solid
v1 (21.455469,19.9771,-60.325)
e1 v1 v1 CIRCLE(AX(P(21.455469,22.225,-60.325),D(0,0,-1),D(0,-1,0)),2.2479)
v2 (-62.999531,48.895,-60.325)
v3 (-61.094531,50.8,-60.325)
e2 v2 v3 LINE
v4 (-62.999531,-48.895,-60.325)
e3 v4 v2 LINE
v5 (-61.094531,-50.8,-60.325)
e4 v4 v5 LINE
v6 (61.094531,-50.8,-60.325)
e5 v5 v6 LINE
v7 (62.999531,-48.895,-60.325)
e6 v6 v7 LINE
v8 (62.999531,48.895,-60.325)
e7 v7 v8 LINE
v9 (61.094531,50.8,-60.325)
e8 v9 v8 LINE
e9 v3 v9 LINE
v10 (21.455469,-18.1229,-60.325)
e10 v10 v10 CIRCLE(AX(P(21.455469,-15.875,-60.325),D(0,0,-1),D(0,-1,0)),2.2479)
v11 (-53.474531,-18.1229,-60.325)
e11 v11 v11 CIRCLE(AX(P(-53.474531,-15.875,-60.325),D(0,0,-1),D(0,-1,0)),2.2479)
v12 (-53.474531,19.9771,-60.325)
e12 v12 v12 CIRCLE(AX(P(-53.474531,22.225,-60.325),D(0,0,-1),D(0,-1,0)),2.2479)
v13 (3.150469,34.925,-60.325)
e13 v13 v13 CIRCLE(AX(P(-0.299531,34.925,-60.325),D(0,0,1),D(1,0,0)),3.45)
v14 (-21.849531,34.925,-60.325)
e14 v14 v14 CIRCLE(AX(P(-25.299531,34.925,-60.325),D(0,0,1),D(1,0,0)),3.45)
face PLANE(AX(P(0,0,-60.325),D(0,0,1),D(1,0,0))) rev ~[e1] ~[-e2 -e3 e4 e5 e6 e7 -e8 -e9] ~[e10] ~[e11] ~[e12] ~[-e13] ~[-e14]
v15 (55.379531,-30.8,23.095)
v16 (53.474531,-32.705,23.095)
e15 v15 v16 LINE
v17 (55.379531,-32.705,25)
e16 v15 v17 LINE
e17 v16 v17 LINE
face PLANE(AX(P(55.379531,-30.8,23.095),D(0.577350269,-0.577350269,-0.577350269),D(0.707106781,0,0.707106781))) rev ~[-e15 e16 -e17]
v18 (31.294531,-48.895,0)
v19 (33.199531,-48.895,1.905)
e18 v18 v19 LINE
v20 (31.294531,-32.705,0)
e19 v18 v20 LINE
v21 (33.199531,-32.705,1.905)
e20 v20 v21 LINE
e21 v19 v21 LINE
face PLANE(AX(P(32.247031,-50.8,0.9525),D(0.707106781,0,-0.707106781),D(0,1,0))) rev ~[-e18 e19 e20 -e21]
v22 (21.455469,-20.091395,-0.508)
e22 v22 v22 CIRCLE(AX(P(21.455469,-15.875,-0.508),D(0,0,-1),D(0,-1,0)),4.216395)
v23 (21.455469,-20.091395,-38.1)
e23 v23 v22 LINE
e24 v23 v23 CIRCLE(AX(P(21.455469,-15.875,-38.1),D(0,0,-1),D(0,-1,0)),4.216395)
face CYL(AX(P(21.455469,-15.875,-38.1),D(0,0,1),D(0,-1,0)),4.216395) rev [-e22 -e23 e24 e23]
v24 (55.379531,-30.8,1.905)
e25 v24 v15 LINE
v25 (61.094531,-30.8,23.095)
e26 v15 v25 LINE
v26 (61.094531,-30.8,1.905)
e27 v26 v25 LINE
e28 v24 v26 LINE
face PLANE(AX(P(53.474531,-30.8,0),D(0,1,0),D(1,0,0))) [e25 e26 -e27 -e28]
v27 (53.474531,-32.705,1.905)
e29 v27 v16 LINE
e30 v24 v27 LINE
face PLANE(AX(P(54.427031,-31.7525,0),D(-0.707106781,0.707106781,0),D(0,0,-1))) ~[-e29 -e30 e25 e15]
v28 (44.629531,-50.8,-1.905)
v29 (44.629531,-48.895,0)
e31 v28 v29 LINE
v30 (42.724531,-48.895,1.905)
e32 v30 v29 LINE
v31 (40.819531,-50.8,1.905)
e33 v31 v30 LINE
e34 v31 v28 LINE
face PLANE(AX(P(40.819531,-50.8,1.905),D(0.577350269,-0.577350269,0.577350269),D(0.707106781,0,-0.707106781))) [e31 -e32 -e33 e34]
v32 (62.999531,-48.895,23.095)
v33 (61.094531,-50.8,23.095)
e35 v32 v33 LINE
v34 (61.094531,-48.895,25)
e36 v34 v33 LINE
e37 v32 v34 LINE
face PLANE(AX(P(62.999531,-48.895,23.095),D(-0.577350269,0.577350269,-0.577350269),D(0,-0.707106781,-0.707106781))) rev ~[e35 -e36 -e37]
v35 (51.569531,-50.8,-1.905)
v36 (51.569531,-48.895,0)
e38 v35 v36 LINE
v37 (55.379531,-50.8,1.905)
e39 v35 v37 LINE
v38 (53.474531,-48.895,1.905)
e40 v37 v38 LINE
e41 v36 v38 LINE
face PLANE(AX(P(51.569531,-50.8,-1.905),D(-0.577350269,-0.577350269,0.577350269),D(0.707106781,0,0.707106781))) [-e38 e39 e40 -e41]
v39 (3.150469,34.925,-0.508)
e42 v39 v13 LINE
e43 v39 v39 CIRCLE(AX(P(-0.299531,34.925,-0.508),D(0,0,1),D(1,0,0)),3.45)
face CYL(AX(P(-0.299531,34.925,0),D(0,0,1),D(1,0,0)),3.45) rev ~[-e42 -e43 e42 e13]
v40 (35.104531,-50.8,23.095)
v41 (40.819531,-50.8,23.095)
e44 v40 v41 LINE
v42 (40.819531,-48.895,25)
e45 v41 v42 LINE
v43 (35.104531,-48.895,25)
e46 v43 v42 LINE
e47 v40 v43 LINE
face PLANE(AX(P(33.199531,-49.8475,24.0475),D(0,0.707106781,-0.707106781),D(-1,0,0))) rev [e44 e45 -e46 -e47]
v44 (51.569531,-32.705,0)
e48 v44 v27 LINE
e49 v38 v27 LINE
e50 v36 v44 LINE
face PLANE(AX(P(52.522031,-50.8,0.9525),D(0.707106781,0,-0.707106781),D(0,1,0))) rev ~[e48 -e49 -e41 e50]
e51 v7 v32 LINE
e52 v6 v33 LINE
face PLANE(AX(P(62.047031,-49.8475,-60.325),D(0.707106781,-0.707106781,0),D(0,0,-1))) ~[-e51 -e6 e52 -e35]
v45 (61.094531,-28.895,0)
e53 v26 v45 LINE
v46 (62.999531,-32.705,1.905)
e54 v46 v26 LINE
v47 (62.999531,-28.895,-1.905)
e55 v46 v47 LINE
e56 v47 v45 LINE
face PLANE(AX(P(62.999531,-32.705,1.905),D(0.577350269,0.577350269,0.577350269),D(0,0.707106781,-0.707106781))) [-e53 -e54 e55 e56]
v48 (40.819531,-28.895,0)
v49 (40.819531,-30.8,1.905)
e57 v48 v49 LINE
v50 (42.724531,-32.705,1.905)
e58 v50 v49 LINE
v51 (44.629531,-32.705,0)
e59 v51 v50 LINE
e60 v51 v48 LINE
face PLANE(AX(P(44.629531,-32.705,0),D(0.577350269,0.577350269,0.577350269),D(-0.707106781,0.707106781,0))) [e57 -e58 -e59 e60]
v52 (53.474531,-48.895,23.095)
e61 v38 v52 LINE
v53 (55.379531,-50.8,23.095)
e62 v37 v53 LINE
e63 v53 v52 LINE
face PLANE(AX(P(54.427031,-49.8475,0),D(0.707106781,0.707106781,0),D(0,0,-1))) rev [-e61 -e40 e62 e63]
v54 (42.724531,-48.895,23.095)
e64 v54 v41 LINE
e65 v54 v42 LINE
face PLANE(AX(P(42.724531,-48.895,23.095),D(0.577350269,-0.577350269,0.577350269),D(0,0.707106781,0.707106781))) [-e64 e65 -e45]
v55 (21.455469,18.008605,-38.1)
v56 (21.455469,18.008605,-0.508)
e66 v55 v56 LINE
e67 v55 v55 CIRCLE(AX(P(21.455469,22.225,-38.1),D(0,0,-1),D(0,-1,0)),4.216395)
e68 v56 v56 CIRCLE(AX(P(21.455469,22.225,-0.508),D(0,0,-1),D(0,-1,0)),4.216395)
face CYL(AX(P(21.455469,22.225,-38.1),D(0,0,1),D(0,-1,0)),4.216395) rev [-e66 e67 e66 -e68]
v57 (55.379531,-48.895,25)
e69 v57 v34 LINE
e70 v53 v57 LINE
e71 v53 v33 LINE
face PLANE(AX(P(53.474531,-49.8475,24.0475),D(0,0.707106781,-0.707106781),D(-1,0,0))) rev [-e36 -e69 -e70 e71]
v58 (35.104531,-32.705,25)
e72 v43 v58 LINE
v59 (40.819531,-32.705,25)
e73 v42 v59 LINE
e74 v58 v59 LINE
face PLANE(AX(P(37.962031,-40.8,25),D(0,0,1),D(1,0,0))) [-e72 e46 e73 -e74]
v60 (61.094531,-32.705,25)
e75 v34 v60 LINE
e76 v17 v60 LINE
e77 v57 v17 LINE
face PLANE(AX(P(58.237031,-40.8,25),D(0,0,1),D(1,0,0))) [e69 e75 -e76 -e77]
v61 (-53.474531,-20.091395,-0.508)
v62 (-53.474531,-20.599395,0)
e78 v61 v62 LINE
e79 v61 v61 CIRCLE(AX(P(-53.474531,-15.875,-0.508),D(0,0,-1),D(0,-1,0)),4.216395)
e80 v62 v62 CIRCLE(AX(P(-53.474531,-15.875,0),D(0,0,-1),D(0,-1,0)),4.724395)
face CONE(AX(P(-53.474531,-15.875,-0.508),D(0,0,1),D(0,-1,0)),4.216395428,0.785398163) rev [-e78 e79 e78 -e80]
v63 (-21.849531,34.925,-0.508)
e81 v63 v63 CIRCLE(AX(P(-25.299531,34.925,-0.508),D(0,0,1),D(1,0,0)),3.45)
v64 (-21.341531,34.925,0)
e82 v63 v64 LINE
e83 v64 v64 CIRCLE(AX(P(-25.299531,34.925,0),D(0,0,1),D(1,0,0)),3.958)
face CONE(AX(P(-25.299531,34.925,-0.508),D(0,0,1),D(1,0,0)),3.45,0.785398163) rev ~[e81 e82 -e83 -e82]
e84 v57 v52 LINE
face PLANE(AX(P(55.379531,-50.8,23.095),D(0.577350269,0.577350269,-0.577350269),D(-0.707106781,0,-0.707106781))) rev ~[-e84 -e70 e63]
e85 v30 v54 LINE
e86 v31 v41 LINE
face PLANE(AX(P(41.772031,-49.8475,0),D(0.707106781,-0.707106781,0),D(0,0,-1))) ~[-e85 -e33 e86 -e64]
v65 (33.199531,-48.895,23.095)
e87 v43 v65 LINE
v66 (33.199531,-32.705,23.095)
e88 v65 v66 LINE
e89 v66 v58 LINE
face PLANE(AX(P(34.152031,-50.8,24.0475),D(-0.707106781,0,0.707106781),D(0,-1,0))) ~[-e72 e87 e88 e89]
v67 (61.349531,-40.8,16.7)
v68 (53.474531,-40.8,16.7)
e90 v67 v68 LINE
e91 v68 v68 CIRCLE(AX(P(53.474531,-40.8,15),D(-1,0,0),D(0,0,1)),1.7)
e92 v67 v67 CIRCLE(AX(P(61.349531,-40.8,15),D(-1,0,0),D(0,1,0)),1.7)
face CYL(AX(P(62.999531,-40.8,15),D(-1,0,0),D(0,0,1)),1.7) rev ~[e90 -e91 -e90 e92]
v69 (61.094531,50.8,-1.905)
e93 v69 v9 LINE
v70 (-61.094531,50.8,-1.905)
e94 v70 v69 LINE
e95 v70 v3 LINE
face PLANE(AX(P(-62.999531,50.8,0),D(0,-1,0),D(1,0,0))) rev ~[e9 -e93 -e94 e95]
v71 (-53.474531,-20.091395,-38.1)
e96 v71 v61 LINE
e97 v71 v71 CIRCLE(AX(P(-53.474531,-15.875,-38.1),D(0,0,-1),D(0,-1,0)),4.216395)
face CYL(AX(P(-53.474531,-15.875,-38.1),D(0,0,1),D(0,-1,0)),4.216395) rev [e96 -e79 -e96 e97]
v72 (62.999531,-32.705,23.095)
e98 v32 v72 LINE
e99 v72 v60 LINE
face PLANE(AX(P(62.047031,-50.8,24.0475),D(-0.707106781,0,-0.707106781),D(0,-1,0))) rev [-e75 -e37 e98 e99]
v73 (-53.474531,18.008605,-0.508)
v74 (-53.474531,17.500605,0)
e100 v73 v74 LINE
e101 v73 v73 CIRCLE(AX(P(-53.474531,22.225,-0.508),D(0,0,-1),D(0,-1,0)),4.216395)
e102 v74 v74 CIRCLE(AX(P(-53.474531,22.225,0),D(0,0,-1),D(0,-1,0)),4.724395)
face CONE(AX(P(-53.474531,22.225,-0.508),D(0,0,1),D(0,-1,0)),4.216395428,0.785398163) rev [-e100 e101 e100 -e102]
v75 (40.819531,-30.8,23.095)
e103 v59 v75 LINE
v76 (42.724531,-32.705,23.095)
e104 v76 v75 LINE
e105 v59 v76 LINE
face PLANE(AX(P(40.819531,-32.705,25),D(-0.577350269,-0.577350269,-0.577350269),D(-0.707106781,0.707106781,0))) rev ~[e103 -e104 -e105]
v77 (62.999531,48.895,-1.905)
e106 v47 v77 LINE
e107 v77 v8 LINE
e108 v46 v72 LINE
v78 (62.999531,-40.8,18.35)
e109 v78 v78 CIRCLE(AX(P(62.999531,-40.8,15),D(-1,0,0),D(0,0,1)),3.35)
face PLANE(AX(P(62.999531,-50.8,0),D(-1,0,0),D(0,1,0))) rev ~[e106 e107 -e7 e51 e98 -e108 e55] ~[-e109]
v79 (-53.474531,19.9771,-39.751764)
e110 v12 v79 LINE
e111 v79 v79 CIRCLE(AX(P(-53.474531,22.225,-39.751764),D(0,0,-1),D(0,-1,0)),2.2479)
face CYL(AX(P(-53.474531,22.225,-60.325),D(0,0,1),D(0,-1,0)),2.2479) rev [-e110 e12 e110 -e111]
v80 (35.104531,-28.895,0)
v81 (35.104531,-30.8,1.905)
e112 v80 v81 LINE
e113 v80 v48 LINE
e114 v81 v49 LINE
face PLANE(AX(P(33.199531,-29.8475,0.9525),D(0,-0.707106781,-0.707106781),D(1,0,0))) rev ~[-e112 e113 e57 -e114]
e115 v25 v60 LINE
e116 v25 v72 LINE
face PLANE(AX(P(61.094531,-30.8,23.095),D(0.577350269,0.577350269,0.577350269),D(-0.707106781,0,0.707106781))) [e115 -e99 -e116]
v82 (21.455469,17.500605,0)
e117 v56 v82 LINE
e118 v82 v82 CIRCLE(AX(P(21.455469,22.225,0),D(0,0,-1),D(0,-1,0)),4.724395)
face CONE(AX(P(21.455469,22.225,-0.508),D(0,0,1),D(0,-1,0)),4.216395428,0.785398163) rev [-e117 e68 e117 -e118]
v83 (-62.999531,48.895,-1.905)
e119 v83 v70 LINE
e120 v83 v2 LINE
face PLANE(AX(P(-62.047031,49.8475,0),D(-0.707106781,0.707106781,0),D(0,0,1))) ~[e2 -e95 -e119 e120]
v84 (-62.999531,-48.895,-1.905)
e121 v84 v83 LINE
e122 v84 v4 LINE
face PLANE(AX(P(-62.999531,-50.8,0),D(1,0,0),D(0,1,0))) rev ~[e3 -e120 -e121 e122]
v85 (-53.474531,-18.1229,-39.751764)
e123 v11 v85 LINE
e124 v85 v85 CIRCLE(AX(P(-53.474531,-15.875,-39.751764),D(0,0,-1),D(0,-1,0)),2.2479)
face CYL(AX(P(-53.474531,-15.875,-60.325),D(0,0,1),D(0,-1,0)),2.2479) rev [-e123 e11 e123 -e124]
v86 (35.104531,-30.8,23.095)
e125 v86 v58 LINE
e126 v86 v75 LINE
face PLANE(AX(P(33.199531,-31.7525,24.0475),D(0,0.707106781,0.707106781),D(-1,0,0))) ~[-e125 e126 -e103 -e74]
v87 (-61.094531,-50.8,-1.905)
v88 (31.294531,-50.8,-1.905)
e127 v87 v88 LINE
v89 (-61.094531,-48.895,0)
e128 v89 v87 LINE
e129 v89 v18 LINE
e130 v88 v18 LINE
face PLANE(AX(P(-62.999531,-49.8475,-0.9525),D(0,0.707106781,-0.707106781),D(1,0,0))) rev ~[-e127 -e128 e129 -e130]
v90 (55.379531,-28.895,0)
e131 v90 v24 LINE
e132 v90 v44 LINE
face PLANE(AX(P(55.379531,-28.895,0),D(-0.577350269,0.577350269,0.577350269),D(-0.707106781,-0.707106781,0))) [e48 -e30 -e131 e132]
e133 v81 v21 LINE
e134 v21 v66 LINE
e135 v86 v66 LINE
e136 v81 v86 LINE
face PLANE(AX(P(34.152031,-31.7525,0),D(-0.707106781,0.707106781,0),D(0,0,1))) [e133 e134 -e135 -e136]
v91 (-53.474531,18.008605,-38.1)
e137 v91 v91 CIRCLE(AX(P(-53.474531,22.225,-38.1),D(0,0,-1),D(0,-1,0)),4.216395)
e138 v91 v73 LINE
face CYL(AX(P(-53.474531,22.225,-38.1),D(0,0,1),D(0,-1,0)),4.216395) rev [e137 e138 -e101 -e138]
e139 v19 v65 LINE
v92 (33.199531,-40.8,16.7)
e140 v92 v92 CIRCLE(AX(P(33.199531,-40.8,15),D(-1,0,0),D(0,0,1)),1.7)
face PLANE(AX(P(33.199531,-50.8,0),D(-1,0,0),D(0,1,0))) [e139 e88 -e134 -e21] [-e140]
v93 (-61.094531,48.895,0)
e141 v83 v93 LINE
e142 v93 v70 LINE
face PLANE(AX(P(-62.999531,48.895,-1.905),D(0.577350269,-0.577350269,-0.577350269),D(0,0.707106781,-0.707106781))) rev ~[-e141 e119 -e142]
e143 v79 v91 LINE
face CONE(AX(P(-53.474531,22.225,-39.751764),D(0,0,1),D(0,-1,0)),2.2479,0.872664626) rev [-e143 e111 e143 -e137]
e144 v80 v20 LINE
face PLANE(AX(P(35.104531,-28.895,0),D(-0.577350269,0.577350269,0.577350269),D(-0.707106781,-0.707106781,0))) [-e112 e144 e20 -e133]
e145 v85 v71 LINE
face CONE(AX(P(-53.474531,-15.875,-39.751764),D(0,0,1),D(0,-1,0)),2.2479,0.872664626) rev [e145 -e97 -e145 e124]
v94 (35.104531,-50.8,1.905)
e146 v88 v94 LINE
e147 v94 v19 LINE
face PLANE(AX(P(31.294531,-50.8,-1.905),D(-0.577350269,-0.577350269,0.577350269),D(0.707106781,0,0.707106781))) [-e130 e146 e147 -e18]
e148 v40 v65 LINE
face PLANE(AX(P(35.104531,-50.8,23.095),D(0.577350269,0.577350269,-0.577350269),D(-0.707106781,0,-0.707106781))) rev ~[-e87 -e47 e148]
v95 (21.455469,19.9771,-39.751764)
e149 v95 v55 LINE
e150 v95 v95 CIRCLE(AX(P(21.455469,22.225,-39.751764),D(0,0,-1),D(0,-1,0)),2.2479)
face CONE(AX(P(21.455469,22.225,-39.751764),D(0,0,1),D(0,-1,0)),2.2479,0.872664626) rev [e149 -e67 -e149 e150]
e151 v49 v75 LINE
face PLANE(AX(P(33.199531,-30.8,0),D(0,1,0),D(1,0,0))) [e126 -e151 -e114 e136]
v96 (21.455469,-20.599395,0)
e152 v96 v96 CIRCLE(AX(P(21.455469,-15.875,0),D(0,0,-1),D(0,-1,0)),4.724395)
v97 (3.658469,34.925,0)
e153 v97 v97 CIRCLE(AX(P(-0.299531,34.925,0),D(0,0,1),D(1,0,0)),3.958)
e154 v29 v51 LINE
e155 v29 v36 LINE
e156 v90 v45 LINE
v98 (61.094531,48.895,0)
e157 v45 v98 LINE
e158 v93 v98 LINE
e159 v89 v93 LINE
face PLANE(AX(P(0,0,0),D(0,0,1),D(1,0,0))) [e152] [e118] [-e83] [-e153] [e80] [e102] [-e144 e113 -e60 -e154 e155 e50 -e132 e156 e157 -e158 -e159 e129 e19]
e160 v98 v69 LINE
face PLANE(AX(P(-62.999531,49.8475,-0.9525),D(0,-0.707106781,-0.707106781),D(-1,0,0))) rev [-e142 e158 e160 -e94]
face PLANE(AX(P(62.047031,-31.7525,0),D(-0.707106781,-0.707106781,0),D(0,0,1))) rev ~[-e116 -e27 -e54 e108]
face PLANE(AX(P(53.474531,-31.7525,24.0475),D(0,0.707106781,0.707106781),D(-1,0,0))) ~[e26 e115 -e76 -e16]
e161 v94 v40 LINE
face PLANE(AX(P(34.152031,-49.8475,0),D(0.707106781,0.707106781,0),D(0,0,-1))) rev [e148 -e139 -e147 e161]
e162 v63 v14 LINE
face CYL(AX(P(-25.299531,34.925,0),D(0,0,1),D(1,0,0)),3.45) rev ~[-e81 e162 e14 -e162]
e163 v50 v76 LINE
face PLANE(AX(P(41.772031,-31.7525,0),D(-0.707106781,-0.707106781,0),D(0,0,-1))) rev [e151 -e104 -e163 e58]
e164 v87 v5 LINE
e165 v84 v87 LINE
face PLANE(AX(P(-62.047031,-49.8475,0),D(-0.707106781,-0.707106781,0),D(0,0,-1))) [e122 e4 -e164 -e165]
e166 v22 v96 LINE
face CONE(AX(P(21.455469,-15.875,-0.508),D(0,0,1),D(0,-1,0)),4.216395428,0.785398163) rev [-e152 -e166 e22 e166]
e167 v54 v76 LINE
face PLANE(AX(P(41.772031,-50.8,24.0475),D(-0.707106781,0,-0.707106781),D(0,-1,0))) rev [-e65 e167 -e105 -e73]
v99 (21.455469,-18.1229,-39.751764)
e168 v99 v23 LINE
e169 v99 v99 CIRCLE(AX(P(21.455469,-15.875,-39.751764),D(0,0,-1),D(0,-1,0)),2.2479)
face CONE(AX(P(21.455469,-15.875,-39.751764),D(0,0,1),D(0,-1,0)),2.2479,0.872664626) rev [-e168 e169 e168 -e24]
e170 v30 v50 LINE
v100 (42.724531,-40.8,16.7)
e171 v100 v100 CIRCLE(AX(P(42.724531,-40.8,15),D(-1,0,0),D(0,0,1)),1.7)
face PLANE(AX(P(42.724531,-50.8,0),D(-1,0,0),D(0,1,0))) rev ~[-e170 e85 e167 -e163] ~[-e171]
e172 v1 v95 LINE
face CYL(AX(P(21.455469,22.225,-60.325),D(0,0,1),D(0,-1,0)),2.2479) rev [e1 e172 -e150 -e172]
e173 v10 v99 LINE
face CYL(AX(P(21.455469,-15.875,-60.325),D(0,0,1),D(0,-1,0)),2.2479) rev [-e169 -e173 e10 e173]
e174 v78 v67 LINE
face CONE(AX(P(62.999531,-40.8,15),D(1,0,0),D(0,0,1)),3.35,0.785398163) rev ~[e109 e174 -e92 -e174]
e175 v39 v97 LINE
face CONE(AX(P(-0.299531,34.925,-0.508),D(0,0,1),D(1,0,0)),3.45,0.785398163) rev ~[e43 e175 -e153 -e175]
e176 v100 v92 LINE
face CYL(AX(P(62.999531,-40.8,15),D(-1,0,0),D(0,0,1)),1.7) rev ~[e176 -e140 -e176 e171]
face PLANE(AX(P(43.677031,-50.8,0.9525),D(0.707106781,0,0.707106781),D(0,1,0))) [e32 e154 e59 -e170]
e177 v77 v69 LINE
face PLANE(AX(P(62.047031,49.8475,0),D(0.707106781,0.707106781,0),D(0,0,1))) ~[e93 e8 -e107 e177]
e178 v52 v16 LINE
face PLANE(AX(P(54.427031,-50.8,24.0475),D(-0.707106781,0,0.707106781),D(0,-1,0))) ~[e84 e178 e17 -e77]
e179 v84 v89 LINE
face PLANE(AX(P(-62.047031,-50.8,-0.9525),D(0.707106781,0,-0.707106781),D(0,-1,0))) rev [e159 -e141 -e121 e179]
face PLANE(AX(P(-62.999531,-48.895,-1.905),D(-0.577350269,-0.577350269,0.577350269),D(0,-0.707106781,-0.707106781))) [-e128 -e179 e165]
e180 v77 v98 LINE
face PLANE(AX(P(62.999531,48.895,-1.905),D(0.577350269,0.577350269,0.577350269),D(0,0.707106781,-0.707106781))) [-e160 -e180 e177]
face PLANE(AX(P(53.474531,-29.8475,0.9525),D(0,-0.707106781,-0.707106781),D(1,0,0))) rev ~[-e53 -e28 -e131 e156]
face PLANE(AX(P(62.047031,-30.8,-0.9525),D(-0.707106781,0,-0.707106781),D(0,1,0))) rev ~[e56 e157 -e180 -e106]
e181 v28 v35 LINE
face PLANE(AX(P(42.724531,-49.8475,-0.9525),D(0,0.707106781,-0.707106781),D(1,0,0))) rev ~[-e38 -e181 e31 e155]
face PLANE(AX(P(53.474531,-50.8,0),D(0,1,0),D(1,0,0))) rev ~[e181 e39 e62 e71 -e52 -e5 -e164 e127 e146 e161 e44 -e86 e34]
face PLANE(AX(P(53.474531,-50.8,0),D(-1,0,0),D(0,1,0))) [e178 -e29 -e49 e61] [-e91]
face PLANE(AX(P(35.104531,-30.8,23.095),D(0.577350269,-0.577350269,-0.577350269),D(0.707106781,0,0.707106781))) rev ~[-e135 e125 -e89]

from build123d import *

# Parameters (mm, degrees)
SKETCH1_W                                       = 125.999061968
SKETCH1_H                                       = 101.6
SKETCH1_R                                       = 1.27
SKETCH1_R_2                                     = 3.45
BOSS_EXTRUDE1_DEPTH                             = 60.325
SKETCH1_3_W                                     = 9.525
SKETCH1_3_H                                     = 20
BOSS_EXTRUDE2_DEPTH                             = 25
CUT_EXTRUDE1_DEPTH                              = 149.645582651
CUT_EXTRUDE1_DEPTH_BACK                         = 149.645582651
SKETCH2_R                                       = 1.5999968
CSK_FOR_8_FLAT_HEAD_MACHINE_SCREW_2_COUNT       = 2
CSK_FOR_8_FLAT_HEAD_MACHINE_SCREW_2_PITCH       = 38.1
CSK_FOR_8_FLAT_HEAD_MACHINE_SCREW_3_COUNT       = 2
CSK_FOR_8_FLAT_HEAD_MACHINE_SCREW_3_PITCH       = 84.060186176
CSK_FOR_8_FLAT_HEAD_MACHINE_SCREW_4_COUNT       = 2
CSK_FOR_8_FLAT_HEAD_MACHINE_SCREW_4_PITCH       = 74.93
CSK_FOR_M3_FLAT_HEAD_MACHINE_SCREW1_D           = 3.4
CSK_FOR_M3_FLAT_HEAD_MACHINE_SCREW1_CSINK_D     = 6.7
CSK_FOR_M3_FLAT_HEAD_MACHINE_SCREW1_CSINK_ANGLE = 90
CHAMFER1_SIZE                                   = 0.508
CHAMFER2_SIZE                                   = 1.905


with BuildPart() as part:
    # Sketch1 → Boss-Extrude1 (new body)
    with BuildSketch(Plane.XY):
        Rectangle(SKETCH1_W, SKETCH1_H)
        with Locations((-53.474530984, -15.875)):
            Circle(SKETCH1_R, mode=Mode.SUBTRACT)
        with Locations((21.455469016, -15.875)):
            Circle(SKETCH1_R, mode=Mode.SUBTRACT)
        with Locations((-53.474530984, 22.225)):
            Circle(SKETCH1_R, mode=Mode.SUBTRACT)
        with Locations((-25.299530984, 34.925)):
            Circle(SKETCH1_R_2, mode=Mode.SUBTRACT)
        with Locations((-0.299530984, 34.925)):
            Circle(SKETCH1_R_2, mode=Mode.SUBTRACT)
        with Locations((21.455469016, 22.225)):
            Circle(SKETCH1_R, mode=Mode.SUBTRACT)
    extrude(amount=-BOSS_EXTRUDE1_DEPTH)

    # Sketch1<3> → Boss-Extrude2 (add)
    with BuildSketch(Plane.XY):
        with Locations((58.237030984, -40.8)):
            Rectangle(SKETCH1_3_W, SKETCH1_3_H)
        with Locations((37.962030984, -40.8)):
            Rectangle(SKETCH1_3_W, SKETCH1_3_H)
    extrude(amount=BOSS_EXTRUDE2_DEPTH)

    # Sketch2 → Cut-Extrude1 (cut, two sides: drawn at the far end of the back side and taken through both)
    with BuildSketch(Plane(origin=(62.999530984, 0, 0), x_dir=(0, 0, -1), z_dir=(1, 0, 0)).offset(-CUT_EXTRUDE1_DEPTH_BACK)):
        with Locations((-15, -40.8)):
            Circle(SKETCH2_R)
    extrude(amount=CUT_EXTRUDE1_DEPTH + CUT_EXTRUDE1_DEPTH_BACK, mode=Mode.SUBTRACT)

    # Sketch6 → CSK for #8 Flat Head Machine Screw (100)1 (revolve, cut)
    with BuildSketch(Plane(origin=(-53.474530984, 22.225, 0), x_dir=(0, -1, 0), z_dir=(1, 0, 0))):
        Polygon((0, 0), (0, 60.325), (2.2479, 60.325), (2.2479, 39.751763788), (4.216395428, 38.1), (4.216395428, 0), align=None)
    csk_for_8_flat_head_machine_screw_100 = revolve(axis=Axis((-53.474530984, 22.225, 6.35), (0, 0, -1)), mode=Mode.SUBTRACT)

    # CSK for _8 Flat Head Machine Screw _ 2: CSK for #8 Flat Head Machine Screw (100)1 ×2
    with Locations(*[(0, -i * CSK_FOR_8_FLAT_HEAD_MACHINE_SCREW_2_PITCH, 0) for i in range(1, CSK_FOR_8_FLAT_HEAD_MACHINE_SCREW_2_COUNT)]):
        add(csk_for_8_flat_head_machine_screw_100, mode=Mode.SUBTRACT)

    # CSK for _8 Flat Head Machine Screw _ 3: CSK for #8 Flat Head Machine Screw (100)1 ×2
    with Locations(*[Vector(0.8913851302068038, -0.453246676376341, 0) * (i * CSK_FOR_8_FLAT_HEAD_MACHINE_SCREW_3_PITCH) for i in range(1, CSK_FOR_8_FLAT_HEAD_MACHINE_SCREW_3_COUNT)]):
        add(csk_for_8_flat_head_machine_screw_100, mode=Mode.SUBTRACT)

    # CSK for _8 Flat Head Machine Screw _ 4: CSK for #8 Flat Head Machine Screw (100)1 ×2
    with Locations(*[(i * CSK_FOR_8_FLAT_HEAD_MACHINE_SCREW_4_PITCH, 0, 0) for i in range(1, CSK_FOR_8_FLAT_HEAD_MACHINE_SCREW_4_COUNT)]):
        add(csk_for_8_flat_head_machine_screw_100, mode=Mode.SUBTRACT)

    # CSK for M3 Flat Head Machine Screw1 (through all)
    with Locations(Plane(origin=(62.999530984, 0, 0), x_dir=(0, 0, -1), z_dir=(1, 0, 0))):
        with Locations((-15, -40.8)):
            CounterSinkHole(CSK_FOR_M3_FLAT_HEAD_MACHINE_SCREW1_D / 2, CSK_FOR_M3_FLAT_HEAD_MACHINE_SCREW1_CSINK_D / 2, counter_sink_angle=CSK_FOR_M3_FLAT_HEAD_MACHINE_SCREW1_CSINK_ANGLE)

    # Chamfer1
    chamfer1_edges = [part.edges().sort_by_distance(p)[0] for p in [
        (-3.749530984, 34.925, 0),
        (-28.749530984, 34.925, 0),
        (21.455469016, -11.658604572, 0),
        (-53.474530984, 26.441395428, 0),
        (-53.474530984, -11.658604572, 0),
        (21.455469016, 26.441395428, 0),
    ]]
    chamfer(chamfer1_edges, length=CHAMFER1_SIZE)

    # Chamfer2
    chamfer2_edges = [part.edges().sort_by_distance(p)[0] for p in [
        (53.474530984, -50.8, 12.5),
        (42.724530984, -50.8, 12.5),
        (48.099530984, -50.8, 0),
        (53.474530984, -40.8, 0),
        (42.724530984, -40.8, 0),
        (33.199530984, -50.8, 12.5),
        (62.999530984, -30.8, 12.5),
        (58.237030984, -30.8, 25),
        (62.999530984, -40.8, 25),
        (62.999530984, -50.8, -17.6625),
        (58.237030984, -50.8, 25),
        (53.474530984, -40.8, 25),
        (53.474530984, -30.8, 12.5),
        (58.237030984, -30.8, 0),
        (42.724530984, -30.8, 12.5),
        (37.962030984, -30.8, 25),
        (42.724530984, -40.8, 25),
        (37.962030984, -50.8, 25),
        (33.199530984, -40.8, 25),
        (33.199530984, -30.8, 12.5),
        (37.962030984, -30.8, 0),
        (-62.999530984, 50.8, -30.1625),
        (-62.999530984, -50.8, -30.1625),
        (62.999530984, 50.8, -30.1625),
        (33.199530984, -40.8, 0),
        (62.999530984, 10, 0),
        (-14.9, -50.8, 0),
        (-62.999530984, 0, 0),
        (0, 50.8, 0),
    ]]
    chamfer(chamfer2_edges, length=CHAMFER2_SIZE)


solid = part.part
